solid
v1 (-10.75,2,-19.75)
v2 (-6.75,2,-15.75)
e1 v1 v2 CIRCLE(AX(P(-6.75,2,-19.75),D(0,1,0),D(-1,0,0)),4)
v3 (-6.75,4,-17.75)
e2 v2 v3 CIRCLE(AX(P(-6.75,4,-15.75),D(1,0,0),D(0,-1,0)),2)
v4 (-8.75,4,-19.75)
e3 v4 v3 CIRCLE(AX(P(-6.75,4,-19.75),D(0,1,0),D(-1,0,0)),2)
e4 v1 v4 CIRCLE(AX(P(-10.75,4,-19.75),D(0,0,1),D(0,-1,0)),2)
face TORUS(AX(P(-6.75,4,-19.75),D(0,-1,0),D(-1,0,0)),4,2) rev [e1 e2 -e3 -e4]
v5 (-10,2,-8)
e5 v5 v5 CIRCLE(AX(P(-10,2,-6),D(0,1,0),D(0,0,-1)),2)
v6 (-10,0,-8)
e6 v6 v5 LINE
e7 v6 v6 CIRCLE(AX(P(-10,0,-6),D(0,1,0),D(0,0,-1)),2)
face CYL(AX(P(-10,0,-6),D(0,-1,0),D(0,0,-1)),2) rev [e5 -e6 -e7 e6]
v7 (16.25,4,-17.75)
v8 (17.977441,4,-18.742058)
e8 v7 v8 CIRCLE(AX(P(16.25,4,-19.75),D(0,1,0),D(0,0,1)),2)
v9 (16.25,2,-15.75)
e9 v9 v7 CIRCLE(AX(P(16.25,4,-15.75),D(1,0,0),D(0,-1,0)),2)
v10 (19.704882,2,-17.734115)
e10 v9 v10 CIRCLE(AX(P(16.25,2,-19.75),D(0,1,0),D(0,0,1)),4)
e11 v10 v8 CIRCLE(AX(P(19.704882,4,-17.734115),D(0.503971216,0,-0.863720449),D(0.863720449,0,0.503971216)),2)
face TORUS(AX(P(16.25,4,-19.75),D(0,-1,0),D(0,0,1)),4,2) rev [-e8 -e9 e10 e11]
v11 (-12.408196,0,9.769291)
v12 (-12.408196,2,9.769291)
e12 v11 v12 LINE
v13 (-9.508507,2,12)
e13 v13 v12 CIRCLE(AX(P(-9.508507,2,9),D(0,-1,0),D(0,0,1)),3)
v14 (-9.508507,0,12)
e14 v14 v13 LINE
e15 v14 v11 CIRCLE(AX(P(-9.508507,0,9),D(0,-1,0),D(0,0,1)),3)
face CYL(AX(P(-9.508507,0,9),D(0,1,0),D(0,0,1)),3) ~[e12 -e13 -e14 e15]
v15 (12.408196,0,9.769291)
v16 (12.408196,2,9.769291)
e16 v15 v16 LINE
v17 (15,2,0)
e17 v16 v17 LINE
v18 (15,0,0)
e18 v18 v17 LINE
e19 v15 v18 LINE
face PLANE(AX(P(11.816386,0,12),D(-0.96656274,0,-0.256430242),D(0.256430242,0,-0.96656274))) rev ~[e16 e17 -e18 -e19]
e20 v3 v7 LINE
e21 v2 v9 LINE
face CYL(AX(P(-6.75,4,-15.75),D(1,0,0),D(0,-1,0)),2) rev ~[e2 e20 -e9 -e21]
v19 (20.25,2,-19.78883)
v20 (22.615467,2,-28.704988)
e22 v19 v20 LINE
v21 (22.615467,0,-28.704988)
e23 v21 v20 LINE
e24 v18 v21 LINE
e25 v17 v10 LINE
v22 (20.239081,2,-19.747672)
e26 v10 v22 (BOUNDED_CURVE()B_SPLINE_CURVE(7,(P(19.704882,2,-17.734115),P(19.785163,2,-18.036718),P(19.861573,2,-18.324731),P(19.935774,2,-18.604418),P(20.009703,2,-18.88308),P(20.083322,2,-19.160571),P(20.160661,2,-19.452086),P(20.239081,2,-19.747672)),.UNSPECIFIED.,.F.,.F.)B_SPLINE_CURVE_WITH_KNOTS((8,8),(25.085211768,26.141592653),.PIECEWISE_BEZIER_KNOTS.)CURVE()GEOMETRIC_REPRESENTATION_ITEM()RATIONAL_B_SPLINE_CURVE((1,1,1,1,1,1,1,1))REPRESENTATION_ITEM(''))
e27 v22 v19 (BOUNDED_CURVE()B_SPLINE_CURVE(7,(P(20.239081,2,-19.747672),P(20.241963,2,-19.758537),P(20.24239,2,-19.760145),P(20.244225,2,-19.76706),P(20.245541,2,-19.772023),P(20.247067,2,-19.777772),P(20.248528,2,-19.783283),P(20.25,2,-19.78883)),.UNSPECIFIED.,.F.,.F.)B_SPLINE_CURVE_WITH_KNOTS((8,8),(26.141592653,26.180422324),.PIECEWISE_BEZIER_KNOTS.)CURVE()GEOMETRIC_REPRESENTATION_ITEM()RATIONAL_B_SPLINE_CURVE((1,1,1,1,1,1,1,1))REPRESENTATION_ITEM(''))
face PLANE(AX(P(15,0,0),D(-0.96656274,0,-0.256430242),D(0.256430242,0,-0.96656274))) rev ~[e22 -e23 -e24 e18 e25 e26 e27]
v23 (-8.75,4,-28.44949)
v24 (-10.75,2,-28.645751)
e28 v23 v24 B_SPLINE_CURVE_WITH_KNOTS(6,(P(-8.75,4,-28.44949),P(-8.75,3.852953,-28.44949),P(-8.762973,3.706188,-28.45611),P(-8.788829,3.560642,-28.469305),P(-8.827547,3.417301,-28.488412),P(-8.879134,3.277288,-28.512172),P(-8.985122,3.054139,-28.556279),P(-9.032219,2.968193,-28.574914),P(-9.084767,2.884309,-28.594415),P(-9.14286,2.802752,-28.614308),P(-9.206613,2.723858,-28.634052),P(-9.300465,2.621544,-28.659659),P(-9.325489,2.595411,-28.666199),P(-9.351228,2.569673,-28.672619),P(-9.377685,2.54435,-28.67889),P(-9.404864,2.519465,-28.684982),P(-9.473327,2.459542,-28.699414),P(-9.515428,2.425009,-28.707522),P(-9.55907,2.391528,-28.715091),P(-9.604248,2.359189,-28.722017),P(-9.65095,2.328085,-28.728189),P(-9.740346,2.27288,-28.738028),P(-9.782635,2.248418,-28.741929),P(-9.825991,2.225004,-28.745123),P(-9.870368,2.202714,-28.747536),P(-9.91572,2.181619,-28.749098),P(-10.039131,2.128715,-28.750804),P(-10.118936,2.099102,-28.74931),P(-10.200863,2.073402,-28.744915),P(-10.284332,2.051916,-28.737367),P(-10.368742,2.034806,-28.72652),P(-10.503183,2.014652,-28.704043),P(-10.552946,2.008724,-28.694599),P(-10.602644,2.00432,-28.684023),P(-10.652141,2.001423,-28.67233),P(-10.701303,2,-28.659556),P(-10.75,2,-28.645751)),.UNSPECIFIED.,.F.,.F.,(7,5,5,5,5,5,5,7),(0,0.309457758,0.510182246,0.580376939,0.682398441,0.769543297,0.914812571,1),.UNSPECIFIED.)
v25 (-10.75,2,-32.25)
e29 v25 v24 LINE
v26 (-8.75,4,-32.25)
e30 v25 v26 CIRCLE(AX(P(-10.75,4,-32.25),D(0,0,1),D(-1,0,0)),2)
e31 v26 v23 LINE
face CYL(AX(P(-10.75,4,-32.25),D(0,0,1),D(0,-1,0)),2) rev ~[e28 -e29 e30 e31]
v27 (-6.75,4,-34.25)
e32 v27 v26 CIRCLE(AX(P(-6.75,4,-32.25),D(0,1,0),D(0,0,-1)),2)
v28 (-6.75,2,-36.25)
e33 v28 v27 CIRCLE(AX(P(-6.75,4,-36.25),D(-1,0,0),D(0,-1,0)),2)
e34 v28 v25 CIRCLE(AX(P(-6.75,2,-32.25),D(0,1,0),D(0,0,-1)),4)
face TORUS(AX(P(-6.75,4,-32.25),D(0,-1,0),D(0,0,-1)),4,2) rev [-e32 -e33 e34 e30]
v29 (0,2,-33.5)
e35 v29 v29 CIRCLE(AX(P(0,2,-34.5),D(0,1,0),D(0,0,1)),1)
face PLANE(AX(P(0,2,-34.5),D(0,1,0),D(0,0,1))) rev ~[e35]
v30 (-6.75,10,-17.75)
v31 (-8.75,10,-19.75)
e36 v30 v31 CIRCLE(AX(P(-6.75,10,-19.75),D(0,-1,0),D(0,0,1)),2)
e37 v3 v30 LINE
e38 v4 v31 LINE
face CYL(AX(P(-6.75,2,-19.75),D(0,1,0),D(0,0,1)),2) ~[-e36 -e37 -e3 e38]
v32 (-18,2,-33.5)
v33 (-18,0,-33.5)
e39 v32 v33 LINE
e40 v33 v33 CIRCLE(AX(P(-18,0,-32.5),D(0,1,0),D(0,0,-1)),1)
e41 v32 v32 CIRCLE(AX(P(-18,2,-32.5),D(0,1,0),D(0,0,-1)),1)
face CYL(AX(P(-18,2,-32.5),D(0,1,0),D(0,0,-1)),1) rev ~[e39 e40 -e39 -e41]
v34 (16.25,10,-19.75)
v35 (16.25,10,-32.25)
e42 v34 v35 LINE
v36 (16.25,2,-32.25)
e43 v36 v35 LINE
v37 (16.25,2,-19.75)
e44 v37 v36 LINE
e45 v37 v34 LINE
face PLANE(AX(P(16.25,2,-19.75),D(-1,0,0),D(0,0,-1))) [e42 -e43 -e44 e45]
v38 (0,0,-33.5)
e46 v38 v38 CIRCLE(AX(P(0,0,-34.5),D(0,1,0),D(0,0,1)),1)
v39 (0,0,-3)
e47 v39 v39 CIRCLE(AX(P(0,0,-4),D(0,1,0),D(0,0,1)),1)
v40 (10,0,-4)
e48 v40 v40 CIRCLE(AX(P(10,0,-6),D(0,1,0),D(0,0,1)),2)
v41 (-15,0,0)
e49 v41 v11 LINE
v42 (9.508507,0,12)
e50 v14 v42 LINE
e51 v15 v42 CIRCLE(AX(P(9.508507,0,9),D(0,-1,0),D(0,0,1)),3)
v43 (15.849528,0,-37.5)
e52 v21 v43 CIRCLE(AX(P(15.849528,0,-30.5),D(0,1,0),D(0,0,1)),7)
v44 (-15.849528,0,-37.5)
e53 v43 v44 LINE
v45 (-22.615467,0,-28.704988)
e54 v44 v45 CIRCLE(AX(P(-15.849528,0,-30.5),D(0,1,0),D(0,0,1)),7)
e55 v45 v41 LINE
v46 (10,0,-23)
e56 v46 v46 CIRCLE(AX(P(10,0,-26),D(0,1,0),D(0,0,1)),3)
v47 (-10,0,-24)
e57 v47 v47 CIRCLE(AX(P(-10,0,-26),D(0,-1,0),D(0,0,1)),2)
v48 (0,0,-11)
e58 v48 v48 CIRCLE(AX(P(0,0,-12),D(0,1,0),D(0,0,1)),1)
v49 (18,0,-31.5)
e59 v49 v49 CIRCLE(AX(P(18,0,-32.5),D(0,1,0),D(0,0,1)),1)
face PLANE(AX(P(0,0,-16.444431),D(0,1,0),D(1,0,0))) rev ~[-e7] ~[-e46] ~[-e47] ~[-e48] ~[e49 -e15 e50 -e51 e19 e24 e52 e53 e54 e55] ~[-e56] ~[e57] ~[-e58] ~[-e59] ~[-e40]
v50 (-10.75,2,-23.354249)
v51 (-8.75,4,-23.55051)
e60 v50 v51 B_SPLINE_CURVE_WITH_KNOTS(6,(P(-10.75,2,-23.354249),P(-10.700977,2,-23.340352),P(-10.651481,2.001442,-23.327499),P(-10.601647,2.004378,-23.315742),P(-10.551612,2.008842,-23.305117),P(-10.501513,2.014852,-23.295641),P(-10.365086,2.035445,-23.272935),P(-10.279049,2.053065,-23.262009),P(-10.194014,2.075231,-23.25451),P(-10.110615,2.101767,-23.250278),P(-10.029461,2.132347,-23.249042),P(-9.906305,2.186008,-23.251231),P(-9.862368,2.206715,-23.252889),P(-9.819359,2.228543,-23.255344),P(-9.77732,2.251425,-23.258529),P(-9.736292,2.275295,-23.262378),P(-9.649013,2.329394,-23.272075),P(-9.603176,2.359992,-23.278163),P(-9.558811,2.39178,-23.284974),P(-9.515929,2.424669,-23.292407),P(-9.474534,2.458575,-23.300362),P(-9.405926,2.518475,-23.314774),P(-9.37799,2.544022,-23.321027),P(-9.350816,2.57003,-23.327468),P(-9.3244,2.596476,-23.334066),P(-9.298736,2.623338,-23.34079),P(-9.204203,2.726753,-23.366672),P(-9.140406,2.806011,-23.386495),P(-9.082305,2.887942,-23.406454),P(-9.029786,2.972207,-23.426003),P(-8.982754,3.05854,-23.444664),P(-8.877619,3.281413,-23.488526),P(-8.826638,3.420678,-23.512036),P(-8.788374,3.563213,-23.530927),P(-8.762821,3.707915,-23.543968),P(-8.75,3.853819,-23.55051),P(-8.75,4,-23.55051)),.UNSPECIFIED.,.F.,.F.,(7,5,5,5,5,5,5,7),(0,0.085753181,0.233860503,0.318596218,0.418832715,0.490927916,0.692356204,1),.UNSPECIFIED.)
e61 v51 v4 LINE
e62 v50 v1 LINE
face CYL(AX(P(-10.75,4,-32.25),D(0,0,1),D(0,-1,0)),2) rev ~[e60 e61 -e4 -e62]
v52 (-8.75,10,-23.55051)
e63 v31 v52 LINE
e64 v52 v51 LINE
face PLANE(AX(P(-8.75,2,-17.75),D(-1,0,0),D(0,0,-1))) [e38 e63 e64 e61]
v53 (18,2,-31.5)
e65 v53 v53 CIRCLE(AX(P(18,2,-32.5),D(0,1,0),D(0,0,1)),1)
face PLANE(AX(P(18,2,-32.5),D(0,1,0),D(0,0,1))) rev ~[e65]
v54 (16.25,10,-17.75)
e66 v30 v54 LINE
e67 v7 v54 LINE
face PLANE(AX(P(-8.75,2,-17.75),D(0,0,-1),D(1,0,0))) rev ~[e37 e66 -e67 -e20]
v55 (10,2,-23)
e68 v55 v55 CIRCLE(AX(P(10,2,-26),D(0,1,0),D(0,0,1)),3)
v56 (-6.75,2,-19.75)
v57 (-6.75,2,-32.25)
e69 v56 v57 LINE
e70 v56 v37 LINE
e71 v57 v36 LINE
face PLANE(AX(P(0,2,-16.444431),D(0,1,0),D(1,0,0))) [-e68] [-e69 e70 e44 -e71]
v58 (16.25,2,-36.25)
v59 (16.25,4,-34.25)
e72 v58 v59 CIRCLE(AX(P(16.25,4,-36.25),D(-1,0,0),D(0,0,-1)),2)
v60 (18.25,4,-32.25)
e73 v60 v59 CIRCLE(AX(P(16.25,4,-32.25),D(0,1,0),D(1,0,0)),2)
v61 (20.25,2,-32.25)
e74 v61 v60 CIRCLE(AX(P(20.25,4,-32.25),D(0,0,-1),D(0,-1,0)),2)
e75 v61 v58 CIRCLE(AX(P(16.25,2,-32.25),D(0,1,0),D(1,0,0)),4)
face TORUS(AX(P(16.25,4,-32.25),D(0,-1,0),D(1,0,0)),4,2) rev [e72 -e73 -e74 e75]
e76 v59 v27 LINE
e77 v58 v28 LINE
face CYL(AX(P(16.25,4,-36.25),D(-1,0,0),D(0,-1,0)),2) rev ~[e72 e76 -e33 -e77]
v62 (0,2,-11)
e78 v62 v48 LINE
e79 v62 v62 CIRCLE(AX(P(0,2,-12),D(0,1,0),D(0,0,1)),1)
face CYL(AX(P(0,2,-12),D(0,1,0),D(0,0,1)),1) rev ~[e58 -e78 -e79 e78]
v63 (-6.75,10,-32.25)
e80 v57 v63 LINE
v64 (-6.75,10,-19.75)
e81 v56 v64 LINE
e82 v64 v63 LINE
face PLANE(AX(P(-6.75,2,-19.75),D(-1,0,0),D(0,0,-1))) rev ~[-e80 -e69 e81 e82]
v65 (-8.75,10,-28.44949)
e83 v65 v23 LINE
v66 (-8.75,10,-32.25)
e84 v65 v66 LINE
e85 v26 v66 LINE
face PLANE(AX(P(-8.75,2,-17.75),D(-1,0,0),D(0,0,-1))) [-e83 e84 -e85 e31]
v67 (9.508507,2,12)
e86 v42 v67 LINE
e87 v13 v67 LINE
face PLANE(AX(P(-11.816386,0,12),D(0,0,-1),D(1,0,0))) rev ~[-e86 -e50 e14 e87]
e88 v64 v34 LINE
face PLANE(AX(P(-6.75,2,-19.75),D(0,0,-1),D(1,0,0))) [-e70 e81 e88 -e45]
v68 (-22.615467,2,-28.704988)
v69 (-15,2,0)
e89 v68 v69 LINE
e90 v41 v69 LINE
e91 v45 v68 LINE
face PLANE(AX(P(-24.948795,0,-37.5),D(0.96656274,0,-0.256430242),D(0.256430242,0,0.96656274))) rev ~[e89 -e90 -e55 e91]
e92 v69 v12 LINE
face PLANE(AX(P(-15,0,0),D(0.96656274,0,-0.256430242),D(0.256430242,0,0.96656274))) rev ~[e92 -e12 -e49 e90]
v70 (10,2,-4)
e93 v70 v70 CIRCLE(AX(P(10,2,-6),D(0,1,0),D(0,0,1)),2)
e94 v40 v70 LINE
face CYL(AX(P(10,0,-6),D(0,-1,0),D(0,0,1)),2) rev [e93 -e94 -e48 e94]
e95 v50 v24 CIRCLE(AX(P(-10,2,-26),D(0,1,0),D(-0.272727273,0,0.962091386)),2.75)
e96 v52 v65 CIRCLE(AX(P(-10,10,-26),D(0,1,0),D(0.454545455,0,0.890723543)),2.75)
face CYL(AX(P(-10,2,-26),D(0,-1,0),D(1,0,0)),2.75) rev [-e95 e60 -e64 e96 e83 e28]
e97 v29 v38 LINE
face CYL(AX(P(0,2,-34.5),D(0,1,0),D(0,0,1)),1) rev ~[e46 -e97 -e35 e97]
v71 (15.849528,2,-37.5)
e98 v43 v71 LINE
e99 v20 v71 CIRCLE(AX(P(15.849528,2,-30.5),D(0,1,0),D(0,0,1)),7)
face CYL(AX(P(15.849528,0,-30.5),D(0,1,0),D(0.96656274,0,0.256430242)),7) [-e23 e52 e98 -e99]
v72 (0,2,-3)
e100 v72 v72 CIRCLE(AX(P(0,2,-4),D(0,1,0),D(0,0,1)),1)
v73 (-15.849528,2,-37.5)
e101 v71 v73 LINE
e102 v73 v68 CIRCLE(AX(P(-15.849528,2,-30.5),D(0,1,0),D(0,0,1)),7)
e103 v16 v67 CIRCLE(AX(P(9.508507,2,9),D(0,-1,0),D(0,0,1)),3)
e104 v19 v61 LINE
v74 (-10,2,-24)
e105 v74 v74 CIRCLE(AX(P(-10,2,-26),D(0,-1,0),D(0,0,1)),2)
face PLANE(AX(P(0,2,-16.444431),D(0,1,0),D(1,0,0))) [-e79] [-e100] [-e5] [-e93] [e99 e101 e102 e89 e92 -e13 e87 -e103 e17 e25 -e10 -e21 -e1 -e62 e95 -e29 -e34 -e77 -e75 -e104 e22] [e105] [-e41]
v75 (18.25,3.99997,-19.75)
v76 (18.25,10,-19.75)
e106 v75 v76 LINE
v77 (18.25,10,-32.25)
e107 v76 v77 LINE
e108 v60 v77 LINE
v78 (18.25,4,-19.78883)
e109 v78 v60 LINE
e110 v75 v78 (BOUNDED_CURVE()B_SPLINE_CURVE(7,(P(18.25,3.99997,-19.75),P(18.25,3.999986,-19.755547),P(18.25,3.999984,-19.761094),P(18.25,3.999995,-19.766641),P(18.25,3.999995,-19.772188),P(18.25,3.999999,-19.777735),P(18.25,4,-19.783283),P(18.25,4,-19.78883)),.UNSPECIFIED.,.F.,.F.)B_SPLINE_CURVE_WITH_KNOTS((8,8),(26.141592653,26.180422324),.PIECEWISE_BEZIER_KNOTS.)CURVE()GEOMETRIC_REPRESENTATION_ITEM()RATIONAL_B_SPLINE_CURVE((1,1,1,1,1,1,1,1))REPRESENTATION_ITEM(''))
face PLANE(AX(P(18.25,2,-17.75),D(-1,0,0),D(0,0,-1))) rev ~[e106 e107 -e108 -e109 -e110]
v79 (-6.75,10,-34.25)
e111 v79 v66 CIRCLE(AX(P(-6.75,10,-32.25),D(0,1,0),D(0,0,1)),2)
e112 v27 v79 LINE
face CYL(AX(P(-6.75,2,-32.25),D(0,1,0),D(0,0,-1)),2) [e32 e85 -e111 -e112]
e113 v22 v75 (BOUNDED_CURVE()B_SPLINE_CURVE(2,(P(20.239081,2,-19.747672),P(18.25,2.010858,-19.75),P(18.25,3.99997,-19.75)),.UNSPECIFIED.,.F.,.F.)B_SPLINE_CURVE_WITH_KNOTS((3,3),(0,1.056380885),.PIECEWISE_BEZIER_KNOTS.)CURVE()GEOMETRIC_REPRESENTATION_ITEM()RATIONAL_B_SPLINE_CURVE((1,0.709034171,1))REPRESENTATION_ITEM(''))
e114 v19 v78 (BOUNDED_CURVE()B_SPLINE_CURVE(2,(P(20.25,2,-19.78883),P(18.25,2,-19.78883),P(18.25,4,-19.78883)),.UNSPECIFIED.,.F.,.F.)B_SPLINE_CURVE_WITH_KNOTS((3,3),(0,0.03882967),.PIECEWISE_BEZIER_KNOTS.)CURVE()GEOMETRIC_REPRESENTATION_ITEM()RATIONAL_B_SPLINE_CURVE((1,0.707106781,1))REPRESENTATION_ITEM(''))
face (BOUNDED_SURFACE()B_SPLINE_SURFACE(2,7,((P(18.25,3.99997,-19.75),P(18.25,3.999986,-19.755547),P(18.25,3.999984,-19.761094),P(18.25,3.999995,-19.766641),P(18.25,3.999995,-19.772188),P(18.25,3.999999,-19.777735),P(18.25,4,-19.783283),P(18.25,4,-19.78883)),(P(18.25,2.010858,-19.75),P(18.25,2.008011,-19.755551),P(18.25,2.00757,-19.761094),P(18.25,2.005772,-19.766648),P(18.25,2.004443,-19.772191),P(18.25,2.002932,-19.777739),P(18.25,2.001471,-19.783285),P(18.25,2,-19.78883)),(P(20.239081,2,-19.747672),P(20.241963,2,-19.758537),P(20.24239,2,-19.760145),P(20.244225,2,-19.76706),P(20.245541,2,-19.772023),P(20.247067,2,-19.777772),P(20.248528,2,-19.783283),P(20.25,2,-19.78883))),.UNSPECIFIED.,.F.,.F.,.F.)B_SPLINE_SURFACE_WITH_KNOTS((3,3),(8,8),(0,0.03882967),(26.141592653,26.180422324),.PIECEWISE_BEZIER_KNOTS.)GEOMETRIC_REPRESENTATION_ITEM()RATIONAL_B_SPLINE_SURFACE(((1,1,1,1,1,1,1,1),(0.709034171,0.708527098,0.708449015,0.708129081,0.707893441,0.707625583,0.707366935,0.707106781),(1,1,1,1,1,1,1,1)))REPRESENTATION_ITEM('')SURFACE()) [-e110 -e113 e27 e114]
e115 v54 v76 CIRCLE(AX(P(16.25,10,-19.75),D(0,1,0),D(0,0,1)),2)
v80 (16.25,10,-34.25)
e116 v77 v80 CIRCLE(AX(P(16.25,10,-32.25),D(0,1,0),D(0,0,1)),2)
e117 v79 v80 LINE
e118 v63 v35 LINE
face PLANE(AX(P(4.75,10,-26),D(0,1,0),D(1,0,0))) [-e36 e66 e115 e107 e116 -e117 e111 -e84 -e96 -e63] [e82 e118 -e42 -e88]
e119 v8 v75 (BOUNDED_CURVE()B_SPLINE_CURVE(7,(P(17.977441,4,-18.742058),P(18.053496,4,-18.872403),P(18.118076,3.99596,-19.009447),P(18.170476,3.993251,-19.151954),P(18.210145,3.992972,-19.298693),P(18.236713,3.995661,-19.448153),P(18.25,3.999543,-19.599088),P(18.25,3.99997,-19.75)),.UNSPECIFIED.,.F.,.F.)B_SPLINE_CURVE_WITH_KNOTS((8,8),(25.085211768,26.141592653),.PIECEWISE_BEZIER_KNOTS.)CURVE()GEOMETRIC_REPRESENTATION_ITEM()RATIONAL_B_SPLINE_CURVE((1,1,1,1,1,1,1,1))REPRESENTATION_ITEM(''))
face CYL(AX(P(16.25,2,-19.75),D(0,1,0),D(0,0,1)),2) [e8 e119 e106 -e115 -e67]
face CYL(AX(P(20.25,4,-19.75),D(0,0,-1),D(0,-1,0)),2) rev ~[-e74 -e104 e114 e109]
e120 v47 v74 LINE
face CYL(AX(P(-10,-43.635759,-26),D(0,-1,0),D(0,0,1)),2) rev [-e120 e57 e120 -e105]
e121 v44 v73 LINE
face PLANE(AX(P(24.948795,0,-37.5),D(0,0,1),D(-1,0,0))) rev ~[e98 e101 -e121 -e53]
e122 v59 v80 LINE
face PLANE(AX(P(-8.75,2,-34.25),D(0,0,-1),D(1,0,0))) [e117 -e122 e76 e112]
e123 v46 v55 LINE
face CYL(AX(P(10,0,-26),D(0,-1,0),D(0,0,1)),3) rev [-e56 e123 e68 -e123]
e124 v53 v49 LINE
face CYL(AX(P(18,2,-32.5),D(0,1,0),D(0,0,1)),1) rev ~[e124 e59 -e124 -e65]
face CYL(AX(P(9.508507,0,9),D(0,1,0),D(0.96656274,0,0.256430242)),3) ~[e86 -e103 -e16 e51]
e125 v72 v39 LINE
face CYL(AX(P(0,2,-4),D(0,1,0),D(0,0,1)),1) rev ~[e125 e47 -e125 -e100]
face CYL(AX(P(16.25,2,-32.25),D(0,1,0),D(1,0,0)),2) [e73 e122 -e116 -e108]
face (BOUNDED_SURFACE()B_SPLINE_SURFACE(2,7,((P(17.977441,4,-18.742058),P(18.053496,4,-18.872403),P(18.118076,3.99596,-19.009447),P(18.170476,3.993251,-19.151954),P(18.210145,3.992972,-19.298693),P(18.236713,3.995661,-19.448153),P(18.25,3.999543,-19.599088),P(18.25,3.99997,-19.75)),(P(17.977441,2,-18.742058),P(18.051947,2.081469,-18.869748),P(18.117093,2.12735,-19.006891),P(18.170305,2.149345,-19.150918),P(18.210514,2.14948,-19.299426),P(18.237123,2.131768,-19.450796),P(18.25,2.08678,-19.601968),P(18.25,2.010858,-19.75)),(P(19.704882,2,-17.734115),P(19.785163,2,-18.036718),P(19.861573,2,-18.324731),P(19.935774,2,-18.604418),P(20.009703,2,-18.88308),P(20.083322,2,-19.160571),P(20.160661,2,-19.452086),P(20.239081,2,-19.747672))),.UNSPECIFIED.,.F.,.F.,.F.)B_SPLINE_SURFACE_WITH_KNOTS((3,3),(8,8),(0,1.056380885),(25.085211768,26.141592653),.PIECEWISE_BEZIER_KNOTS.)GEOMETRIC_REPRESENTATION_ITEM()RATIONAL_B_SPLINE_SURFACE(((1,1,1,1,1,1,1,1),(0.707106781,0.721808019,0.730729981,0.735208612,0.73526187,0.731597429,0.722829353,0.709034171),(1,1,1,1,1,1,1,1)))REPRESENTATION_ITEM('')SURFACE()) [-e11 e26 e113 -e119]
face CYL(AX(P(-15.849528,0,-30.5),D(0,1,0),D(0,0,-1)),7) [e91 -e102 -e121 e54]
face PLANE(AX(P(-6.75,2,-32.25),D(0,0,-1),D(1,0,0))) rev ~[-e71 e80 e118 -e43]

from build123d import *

# Parameters (mm, degrees)
SKETCH1_R               = 3
SKETCH1_R_2             = 2
BOSS_EXTRUDE1_DEPTH     = 2
FILLET1_R               = 7
SKETCH3_W               = 27
SKETCH3_H               = 16.5
SKETCH3_W_2             = 23
SKETCH3_H_2             = 12.5
BOSS_EXTRUDE2_DEPTH     = 8
FILLET2_R               = 2
FILLET3_R               = 2
SKETCH2_R               = 1
CUT_EXTRUDE1_DEPTH      = 2
CUT_EXTRUDE2_DEPTH      = 45.635758586
CUT_EXTRUDE2_DEPTH_BACK = 45.635758586
SKETCH4_R               = 2
SKETCH5_R               = 2.75
CUT_EXTRUDE3_DEPTH      = 45.635758586
FILLET4_R               = 3


with BuildPart() as part:
    # Sketch1 → Boss-Extrude1 (new body)
    with BuildSketch(Plane(origin=(0, 0, 0), x_dir=(1, 0, 0), z_dir=(0, 1, 0))):
        Polygon((15, 0), (24.948794511, 37.5), (-24.948794511, 37.5), (-15, 0), (-11.816385757, -12), (11.816385757, -12), align=None)
        with Locations(Location((10, 26, 0), (0, 0, 270))):
            Circle(SKETCH1_R, mode=Mode.SUBTRACT)
        with Locations(Location((10, 6, 0), (0, 0, 270))):
            Circle(SKETCH1_R_2, mode=Mode.SUBTRACT)
        with Locations(Location((-10, 6, 0), (0, 0, 90))):
            Circle(SKETCH1_R_2, mode=Mode.SUBTRACT)
    extrude(amount=BOSS_EXTRUDE1_DEPTH)

    # Fillet1
    fillet1_edges = [part.edges().sort_by_distance(p)[0] for p in [
        (-24.948794511, 1, -37.5),
        (24.948794511, 1, -37.5),
    ]]
    fillet(fillet1_edges, radius=FILLET1_R)

    # Sketch3 → Boss-Extrude2 (add)
    with BuildSketch(Plane(origin=(0, 2, 0), x_dir=(1, 0, 0), z_dir=(0, 1, 0))):
        with Locations((4.75, 26)):
            Rectangle(SKETCH3_W, SKETCH3_H)
        with Locations((4.75, 26)):
            Rectangle(SKETCH3_W_2, SKETCH3_H_2, mode=Mode.SUBTRACT)
    extrude(amount=BOSS_EXTRUDE2_DEPTH)

    # Fillet2
    fillet2_edges = [part.edges().sort_by_distance(p)[0] for p in [
        (-8.75, 6, -34.25),
        (-8.75, 6, -17.75),
        (18.25, 6, -17.75),
        (18.25, 6, -34.25),
    ]]
    fillet(fillet2_edges, radius=FILLET2_R)

    # Fillet3
    fillet3_edges = [part.edges().sort_by_distance(p)[0] for p in [
        (4.75, 2, -17.75),
        (-8.75, 2, -26),
        (18.25, 2, -26),
        (4.75, 2, -34.25),
        (-8.164213562, 2, -18.335786438),
        (17.664213562, 2, -18.335786438),
        (17.664213562, 2, -33.664213562),
        (-8.164213562, 2, -33.664213562),
    ]]
    fillet(fillet3_edges, radius=FILLET3_R)

    # Sketch2 → Cut-Extrude1 (cut)
    with BuildSketch(Plane(origin=(0, 2, 0), x_dir=(1, 0, 0), z_dir=(0, 1, 0))):
        with Locations(Location((0, 34.5, 0), (0, 0, 270))):
            Circle(SKETCH2_R)
        with Locations(Location((18, 32.5, 0), (0, 0, 270))):
            Circle(SKETCH2_R)
        with Locations(Location((0, 4, 0), (0, 0, 270))):
            Circle(SKETCH2_R)
        with Locations(Location((0, 12, 0), (0, 0, 270))):
            Circle(SKETCH2_R)
        with Locations(Location((-18, 32.5, 0), (0, 0, 90))):
            Circle(SKETCH2_R)
    extrude(amount=-CUT_EXTRUDE1_DEPTH, mode=Mode.SUBTRACT)

    # Sketch4 → Cut-Extrude2 (cut, two sides: drawn at the far end of the back side and taken through both)
    with BuildSketch(Plane(origin=(0, 2, 0), x_dir=(1, 0, 0), z_dir=(0, 1, 0)).offset(-CUT_EXTRUDE2_DEPTH_BACK)):
        with Locations(Location((-10, 26, 0), (0, 0, 270))):
            Circle(SKETCH4_R)
    extrude(amount=CUT_EXTRUDE2_DEPTH + CUT_EXTRUDE2_DEPTH_BACK, mode=Mode.SUBTRACT)

    # Sketch5 → Cut-Extrude3 (cut, through all)
    with BuildSketch(Plane(origin=(0, 2, 0), x_dir=(1, 0, 0), z_dir=(0, 1, 0))):
        with Locations((-10, 26)):
            Circle(SKETCH5_R)
    extrude(amount=CUT_EXTRUDE3_DEPTH, mode=Mode.SUBTRACT)

    # Fillet4
    fillet4_edges = [part.edges().sort_by_distance(p)[0] for p in [
        (11.816385757, 1, 12),
        (-11.816385757, 1, 12),
    ]]
    fillet(fillet4_edges, radius=FILLET4_R)


solid = part.part
